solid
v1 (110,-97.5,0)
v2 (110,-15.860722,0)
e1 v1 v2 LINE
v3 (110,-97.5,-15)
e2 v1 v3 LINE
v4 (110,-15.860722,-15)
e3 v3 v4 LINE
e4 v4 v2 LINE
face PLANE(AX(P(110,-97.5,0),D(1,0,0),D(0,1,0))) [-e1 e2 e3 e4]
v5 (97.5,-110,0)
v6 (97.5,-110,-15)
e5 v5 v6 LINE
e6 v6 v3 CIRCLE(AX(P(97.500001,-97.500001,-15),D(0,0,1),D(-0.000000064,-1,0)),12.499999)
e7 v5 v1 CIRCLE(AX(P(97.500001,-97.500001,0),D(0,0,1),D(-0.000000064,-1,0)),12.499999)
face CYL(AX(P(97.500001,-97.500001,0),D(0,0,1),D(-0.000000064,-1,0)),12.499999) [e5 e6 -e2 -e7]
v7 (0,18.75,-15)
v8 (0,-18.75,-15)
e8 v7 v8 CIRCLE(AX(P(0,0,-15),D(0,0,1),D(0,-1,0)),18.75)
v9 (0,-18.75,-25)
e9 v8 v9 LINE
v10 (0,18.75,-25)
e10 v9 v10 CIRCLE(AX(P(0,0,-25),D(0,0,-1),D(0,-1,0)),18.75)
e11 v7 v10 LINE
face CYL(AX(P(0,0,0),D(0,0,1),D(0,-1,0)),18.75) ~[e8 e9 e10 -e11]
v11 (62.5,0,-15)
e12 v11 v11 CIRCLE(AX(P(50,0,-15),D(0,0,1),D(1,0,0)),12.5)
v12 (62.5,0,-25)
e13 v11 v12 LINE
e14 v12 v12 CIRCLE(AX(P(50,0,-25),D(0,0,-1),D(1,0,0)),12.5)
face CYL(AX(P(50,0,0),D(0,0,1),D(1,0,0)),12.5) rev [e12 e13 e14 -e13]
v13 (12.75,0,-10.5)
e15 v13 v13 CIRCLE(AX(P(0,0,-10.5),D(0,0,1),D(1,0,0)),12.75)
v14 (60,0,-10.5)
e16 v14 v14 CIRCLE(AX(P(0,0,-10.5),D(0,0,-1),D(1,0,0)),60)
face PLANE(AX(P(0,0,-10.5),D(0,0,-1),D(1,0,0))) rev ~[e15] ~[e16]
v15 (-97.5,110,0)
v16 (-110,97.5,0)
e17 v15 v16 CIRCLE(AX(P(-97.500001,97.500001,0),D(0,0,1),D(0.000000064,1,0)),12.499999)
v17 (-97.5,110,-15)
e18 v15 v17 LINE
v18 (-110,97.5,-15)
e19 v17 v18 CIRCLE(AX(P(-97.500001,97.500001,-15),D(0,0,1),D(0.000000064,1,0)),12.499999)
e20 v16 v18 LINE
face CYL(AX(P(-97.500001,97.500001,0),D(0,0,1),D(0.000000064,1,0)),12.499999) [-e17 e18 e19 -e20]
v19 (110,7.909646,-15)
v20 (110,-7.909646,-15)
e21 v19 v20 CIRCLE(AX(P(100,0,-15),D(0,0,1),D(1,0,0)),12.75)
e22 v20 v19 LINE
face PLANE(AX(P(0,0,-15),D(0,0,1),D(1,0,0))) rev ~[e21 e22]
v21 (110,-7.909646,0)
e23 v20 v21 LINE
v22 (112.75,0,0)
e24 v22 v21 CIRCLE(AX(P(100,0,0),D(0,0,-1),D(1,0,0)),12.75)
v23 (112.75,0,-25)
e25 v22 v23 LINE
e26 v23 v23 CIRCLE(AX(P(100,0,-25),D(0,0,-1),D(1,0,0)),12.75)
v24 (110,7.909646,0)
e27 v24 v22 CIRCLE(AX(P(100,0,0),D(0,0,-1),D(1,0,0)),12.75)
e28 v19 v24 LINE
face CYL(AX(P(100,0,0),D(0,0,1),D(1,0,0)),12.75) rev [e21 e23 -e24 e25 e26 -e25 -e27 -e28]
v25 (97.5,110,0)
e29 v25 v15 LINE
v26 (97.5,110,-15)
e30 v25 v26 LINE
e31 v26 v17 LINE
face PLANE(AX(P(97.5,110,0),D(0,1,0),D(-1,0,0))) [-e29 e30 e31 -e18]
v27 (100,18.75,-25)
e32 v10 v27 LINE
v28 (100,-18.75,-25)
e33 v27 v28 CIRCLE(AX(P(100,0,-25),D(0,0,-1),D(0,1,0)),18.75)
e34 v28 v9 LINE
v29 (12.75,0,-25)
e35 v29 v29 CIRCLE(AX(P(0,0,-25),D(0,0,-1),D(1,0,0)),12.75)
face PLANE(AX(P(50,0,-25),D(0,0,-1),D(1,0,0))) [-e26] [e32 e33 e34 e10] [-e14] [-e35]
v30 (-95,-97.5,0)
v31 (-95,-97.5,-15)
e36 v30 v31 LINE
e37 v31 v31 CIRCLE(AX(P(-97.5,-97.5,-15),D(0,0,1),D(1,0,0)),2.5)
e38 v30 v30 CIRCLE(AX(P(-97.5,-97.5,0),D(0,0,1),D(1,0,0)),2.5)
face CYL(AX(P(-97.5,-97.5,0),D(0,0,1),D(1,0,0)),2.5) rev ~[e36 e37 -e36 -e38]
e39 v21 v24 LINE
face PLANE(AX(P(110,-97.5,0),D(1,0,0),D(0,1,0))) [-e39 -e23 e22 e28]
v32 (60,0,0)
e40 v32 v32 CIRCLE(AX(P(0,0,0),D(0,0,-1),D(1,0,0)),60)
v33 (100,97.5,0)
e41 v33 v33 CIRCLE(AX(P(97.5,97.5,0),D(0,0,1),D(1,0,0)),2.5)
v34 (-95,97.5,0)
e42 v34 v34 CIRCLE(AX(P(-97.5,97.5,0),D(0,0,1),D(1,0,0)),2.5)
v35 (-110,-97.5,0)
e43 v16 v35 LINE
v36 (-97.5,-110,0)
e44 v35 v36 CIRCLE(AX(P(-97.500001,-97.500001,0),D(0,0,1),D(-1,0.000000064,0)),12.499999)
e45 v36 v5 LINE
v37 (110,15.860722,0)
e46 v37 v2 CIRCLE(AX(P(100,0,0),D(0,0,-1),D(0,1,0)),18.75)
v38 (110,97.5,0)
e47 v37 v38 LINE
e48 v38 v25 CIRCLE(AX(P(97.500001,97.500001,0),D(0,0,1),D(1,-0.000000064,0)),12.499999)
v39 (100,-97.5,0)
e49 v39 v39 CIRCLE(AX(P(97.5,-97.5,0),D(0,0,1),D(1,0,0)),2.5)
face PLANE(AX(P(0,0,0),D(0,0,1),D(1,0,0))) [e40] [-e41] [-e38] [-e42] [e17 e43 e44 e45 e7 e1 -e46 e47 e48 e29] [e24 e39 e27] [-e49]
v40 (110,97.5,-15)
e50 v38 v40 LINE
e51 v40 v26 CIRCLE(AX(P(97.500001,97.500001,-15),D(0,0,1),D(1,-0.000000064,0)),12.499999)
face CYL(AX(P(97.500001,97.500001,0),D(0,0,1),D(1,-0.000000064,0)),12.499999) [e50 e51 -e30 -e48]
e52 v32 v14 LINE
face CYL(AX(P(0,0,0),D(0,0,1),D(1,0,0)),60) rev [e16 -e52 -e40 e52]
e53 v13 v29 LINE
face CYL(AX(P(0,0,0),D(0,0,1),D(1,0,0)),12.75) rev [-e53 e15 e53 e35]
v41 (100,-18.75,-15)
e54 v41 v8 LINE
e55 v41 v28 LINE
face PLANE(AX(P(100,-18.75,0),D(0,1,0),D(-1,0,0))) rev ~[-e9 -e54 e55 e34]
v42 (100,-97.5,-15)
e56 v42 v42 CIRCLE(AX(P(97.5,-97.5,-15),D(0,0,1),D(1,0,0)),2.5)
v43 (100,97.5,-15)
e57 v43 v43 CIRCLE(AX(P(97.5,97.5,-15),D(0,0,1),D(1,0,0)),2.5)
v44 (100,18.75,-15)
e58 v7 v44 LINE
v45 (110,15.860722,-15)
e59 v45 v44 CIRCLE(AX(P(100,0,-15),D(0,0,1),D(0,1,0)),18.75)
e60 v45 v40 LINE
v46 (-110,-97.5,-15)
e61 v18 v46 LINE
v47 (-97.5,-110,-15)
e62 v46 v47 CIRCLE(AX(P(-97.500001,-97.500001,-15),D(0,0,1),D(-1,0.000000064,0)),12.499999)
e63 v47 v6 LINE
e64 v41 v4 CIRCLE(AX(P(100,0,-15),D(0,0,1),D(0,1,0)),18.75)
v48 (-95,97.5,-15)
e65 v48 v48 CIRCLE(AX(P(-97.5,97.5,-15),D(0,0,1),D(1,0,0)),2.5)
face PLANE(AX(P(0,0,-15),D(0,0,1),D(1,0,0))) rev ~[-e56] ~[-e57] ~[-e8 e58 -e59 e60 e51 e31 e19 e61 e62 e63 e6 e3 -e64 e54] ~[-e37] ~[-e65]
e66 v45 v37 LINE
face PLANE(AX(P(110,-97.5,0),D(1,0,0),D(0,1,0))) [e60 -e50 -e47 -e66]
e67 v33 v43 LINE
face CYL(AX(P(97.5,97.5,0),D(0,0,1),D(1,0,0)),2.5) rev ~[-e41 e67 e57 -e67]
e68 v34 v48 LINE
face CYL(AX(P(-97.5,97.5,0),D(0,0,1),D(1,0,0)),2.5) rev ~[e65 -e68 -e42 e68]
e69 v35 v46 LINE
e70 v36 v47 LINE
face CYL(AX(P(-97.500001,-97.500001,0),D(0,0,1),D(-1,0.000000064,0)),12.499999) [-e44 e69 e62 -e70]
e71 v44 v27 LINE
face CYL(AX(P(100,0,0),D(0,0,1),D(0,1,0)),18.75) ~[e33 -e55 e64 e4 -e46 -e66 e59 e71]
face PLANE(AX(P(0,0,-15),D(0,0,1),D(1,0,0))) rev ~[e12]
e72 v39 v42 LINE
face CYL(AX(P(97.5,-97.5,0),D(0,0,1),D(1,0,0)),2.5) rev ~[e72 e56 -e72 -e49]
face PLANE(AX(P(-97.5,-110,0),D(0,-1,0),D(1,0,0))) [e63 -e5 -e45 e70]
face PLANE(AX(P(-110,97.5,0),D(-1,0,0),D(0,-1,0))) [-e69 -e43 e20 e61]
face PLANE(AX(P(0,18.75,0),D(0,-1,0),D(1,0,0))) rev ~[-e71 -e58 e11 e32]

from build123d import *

# Parameters (mm, degrees)
SKETCH074_R     = 2.5
SKETCH074_R_2   = 16
PAD042_DEPTH    = 15
SKETCH060_R     = 12.75
SKETCH060_R_2   = 12.5
PAD043_DEPTH    = 25
SKETCH064_R     = 60
POCKET036_DEPTH = 10.5


with BuildPart() as part:
    # Sketch074 → Pad042 (new body)
    with BuildSketch(Plane.XY):
        with BuildLine():
            ThreePointArc((-97.5, 110), (-106.338835, 106.338835), (-110, 97.5))
            Line((-110, 97.5), (-110, -97.5))
            ThreePointArc((-110, -97.5), (-106.338835, -106.338835), (-97.5, -110))
            Line((-97.5, -110), (97.5, -110))
            ThreePointArc((97.5, -110), (106.338835, -106.338835), (110, -97.5))
            Line((110, -97.5), (110, 97.5))
            ThreePointArc((110, 97.5), (106.338835, 106.338835), (97.5, 110))
            Line((97.5, 110), (-97.5, 110))
        make_face()
        with Locations((-97.5, 97.5)):
            Circle(SKETCH074_R, mode=Mode.SUBTRACT)
        with Locations((97.5, 97.5)):
            Circle(SKETCH074_R, mode=Mode.SUBTRACT)
        with Locations((-97.5, -97.5)):
            Circle(SKETCH074_R, mode=Mode.SUBTRACT)
        with Locations((97.5, -97.5)):
            Circle(SKETCH074_R, mode=Mode.SUBTRACT)
        Circle(SKETCH074_R_2, mode=Mode.SUBTRACT)
    extrude(amount=-PAD042_DEPTH)

    # Sketch060 → Pad043 (join)
    with BuildSketch(Plane(origin=(0, 0, 0), x_dir=(1, 0, 0), z_dir=(0, 0, -1))):
        with BuildLine():
            ThreePointArc((0, 18.75), (-18.75, 0), (0, -18.75))
            Line((0, -18.75), (100, -18.75))
            ThreePointArc((100, -18.75), (118.75, 0), (100, 18.75))
            Line((100, 18.75), (0, 18.75))
        make_face()
        Circle(SKETCH060_R, mode=Mode.SUBTRACT)
        with Locations((100, 0)):
            Circle(SKETCH060_R, mode=Mode.SUBTRACT)
        with Locations((50, 0)):
            Circle(SKETCH060_R_2, mode=Mode.SUBTRACT)
    extrude(amount=PAD043_DEPTH)

    # Sketch064 → Pocket036 (cut)
    with BuildSketch(Plane(origin=(0, 0, 0), x_dir=(1, 0, 0), z_dir=(0, 0, -1))):
        Circle(SKETCH064_R)
    extrude(amount=POCKET036_DEPTH, mode=Mode.SUBTRACT)


solid = part.part
